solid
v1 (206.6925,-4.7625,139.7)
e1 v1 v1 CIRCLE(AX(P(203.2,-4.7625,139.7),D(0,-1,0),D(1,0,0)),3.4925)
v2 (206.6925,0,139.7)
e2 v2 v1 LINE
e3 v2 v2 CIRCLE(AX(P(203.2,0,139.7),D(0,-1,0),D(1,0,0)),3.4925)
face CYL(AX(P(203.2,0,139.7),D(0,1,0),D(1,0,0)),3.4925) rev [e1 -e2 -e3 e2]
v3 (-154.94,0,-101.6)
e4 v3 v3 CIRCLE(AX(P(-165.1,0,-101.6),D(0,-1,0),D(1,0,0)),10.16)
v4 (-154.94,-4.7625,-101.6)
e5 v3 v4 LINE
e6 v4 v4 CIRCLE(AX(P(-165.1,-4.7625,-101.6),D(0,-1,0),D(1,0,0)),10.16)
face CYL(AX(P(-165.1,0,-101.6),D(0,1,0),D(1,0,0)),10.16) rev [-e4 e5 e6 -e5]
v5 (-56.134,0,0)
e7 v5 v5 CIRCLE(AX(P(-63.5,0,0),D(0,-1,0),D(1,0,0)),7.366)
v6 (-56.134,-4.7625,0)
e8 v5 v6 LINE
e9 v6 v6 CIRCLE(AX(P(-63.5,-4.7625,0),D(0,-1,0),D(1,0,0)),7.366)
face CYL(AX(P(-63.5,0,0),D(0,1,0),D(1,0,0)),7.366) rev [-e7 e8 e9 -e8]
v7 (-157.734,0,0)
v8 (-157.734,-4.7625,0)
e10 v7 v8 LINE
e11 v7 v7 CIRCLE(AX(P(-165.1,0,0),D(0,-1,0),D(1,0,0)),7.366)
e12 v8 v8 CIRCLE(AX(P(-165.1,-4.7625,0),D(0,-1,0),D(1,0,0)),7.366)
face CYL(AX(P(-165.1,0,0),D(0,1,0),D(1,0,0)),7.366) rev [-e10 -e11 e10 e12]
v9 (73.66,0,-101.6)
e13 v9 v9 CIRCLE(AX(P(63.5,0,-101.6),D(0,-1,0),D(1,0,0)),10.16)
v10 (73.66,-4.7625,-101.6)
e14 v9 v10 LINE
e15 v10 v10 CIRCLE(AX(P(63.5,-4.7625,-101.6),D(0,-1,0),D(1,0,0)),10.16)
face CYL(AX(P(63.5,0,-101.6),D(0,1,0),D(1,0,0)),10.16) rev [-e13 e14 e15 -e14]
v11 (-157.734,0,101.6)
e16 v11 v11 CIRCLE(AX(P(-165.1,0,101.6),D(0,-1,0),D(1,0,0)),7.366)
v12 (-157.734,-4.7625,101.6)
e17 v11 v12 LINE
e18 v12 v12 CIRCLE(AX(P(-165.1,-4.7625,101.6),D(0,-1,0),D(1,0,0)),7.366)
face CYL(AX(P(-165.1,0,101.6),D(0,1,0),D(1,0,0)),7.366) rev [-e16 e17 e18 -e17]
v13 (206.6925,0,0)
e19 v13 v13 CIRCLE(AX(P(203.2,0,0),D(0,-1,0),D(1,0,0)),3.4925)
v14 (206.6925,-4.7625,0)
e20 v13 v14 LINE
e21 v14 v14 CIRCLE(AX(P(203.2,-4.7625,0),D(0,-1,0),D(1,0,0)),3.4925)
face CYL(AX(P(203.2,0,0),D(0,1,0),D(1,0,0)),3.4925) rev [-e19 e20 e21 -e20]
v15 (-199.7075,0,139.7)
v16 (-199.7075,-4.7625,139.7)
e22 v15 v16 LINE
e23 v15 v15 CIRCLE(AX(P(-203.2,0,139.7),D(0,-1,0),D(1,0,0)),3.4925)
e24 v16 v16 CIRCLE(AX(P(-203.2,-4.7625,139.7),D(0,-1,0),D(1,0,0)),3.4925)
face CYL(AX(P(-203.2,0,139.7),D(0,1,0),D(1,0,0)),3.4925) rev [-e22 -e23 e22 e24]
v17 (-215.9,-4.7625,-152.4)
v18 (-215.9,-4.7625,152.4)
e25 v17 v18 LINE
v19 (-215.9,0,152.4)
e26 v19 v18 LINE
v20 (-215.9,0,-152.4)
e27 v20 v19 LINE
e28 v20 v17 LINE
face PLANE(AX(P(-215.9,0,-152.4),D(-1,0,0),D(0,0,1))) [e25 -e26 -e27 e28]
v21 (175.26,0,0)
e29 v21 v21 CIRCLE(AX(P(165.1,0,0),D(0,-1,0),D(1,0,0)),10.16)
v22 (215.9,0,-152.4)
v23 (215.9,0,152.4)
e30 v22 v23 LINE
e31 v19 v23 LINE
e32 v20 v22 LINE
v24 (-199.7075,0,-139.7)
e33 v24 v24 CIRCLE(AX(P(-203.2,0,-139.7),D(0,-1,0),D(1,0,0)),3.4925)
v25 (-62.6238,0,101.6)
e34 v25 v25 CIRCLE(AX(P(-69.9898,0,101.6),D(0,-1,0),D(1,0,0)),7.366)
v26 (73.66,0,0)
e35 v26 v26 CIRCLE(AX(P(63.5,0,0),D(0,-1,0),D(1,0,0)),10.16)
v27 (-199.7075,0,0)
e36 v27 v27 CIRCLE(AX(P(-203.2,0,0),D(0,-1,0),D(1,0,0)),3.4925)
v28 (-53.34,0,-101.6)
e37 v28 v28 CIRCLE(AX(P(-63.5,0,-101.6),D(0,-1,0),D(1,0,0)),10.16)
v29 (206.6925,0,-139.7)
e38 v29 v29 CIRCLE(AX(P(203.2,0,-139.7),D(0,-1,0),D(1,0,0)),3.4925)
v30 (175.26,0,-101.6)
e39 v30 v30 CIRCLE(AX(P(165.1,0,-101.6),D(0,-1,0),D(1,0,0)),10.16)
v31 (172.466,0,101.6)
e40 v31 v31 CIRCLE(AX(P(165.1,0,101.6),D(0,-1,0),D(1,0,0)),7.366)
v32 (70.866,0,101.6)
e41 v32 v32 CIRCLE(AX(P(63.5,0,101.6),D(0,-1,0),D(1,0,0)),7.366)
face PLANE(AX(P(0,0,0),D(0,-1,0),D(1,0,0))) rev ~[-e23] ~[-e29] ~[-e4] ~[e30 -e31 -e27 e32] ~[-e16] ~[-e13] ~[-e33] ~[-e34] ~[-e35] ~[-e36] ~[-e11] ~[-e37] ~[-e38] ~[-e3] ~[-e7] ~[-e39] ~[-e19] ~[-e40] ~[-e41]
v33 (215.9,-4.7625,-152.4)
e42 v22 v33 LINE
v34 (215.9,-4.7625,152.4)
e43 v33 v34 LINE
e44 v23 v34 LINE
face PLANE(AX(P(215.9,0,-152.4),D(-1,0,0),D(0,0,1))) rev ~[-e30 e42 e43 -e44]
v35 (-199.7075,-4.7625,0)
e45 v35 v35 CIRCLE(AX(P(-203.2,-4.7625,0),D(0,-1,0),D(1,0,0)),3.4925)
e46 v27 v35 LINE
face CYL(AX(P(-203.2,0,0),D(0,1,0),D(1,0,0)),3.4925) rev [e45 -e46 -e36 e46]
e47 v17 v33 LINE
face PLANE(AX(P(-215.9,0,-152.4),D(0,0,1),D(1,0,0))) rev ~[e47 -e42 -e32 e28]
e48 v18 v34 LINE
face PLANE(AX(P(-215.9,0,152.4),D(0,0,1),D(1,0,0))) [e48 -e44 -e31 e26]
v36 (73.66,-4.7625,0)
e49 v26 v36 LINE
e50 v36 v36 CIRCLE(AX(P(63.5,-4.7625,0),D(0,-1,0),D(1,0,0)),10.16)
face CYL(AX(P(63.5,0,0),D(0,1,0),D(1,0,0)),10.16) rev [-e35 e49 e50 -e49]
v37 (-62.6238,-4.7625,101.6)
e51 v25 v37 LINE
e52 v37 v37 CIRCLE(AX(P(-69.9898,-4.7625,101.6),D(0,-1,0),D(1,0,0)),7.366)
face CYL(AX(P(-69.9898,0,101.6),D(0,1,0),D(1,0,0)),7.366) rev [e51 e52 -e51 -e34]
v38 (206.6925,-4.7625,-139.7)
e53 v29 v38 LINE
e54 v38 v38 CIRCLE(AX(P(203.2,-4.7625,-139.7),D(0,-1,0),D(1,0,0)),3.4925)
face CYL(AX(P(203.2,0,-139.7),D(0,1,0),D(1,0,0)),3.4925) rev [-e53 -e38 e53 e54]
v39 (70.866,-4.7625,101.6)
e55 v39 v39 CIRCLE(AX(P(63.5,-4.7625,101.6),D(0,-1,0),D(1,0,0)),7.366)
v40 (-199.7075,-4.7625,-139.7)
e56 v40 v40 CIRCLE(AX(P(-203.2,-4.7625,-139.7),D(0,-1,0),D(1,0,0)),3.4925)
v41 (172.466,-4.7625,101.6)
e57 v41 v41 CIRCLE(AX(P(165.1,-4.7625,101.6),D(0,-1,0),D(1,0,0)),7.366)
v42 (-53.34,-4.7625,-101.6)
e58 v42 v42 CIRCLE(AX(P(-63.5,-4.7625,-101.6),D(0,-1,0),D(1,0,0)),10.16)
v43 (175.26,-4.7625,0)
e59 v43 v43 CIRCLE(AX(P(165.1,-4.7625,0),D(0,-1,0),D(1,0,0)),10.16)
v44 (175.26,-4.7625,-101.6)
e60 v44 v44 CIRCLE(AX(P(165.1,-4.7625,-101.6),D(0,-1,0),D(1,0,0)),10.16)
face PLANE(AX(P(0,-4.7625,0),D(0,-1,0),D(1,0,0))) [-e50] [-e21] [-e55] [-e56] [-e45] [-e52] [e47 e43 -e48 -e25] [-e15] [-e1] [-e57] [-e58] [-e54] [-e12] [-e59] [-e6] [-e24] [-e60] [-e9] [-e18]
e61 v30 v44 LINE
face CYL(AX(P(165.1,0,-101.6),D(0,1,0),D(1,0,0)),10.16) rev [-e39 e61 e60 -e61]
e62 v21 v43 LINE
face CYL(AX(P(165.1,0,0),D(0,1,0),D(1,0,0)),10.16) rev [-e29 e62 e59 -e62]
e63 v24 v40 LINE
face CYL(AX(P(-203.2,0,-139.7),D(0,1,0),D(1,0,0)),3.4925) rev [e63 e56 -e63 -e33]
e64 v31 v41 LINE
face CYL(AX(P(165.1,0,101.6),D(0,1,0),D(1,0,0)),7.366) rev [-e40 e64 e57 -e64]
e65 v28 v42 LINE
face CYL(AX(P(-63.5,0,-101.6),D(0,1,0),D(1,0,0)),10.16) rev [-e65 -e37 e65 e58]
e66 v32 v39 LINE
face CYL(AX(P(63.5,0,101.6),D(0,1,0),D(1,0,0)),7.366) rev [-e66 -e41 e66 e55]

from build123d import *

# Parameters (mm, degrees)
F0_W     = 431.8
F0_H     = 304.8
F0_R     = 3.4925
F0_R_2   = 10.16
F0_R_3   = 7.366
F1_DEPTH = 4.7625


with BuildPart() as f1:
    # F0 (on Front) → F1 (new body)
    with BuildSketch(Plane.XZ):
        Rectangle(F0_W, F0_H)
        with Locations((-203.2, -139.7)):
            Circle(F0_R, mode=Mode.SUBTRACT)
        with Locations((-165.1, -101.6)):
            Circle(F0_R_2, mode=Mode.SUBTRACT)
        with Locations((-63.5, -101.6)):
            Circle(F0_R_2, mode=Mode.SUBTRACT)
        with Locations((63.5, -101.6)):
            Circle(F0_R_2, mode=Mode.SUBTRACT)
        with Locations((203.2, -139.7)):
            Circle(F0_R, mode=Mode.SUBTRACT)
        with Locations((165.1, -101.6)):
            Circle(F0_R_2, mode=Mode.SUBTRACT)
        with Locations((-203.2, 0)):
            Circle(F0_R, mode=Mode.SUBTRACT)
        with Locations((-165.1, 0)):
            Circle(F0_R_3, mode=Mode.SUBTRACT)
        with Locations((-63.5, 0)):
            Circle(F0_R_3, mode=Mode.SUBTRACT)
        with Locations((-165.1, 101.6)):
            Circle(F0_R_3, mode=Mode.SUBTRACT)
        with Locations((-203.2, 139.7)):
            Circle(F0_R, mode=Mode.SUBTRACT)
        with Locations((-69.9898, 101.6)):
            Circle(F0_R_3, mode=Mode.SUBTRACT)
        with Locations((63.5, 0)):
            Circle(F0_R_2, mode=Mode.SUBTRACT)
        with Locations((165.1, 0)):
            Circle(F0_R_2, mode=Mode.SUBTRACT)
        with Locations((203.2, 0)):
            Circle(F0_R, mode=Mode.SUBTRACT)
        with Locations((63.5, 101.6)):
            Circle(F0_R_3, mode=Mode.SUBTRACT)
        with Locations((165.1, 101.6)):
            Circle(F0_R_3, mode=Mode.SUBTRACT)
        with Locations((203.2, 139.7)):
            Circle(F0_R, mode=Mode.SUBTRACT)
    extrude(amount=F1_DEPTH)


solid = f1.part
